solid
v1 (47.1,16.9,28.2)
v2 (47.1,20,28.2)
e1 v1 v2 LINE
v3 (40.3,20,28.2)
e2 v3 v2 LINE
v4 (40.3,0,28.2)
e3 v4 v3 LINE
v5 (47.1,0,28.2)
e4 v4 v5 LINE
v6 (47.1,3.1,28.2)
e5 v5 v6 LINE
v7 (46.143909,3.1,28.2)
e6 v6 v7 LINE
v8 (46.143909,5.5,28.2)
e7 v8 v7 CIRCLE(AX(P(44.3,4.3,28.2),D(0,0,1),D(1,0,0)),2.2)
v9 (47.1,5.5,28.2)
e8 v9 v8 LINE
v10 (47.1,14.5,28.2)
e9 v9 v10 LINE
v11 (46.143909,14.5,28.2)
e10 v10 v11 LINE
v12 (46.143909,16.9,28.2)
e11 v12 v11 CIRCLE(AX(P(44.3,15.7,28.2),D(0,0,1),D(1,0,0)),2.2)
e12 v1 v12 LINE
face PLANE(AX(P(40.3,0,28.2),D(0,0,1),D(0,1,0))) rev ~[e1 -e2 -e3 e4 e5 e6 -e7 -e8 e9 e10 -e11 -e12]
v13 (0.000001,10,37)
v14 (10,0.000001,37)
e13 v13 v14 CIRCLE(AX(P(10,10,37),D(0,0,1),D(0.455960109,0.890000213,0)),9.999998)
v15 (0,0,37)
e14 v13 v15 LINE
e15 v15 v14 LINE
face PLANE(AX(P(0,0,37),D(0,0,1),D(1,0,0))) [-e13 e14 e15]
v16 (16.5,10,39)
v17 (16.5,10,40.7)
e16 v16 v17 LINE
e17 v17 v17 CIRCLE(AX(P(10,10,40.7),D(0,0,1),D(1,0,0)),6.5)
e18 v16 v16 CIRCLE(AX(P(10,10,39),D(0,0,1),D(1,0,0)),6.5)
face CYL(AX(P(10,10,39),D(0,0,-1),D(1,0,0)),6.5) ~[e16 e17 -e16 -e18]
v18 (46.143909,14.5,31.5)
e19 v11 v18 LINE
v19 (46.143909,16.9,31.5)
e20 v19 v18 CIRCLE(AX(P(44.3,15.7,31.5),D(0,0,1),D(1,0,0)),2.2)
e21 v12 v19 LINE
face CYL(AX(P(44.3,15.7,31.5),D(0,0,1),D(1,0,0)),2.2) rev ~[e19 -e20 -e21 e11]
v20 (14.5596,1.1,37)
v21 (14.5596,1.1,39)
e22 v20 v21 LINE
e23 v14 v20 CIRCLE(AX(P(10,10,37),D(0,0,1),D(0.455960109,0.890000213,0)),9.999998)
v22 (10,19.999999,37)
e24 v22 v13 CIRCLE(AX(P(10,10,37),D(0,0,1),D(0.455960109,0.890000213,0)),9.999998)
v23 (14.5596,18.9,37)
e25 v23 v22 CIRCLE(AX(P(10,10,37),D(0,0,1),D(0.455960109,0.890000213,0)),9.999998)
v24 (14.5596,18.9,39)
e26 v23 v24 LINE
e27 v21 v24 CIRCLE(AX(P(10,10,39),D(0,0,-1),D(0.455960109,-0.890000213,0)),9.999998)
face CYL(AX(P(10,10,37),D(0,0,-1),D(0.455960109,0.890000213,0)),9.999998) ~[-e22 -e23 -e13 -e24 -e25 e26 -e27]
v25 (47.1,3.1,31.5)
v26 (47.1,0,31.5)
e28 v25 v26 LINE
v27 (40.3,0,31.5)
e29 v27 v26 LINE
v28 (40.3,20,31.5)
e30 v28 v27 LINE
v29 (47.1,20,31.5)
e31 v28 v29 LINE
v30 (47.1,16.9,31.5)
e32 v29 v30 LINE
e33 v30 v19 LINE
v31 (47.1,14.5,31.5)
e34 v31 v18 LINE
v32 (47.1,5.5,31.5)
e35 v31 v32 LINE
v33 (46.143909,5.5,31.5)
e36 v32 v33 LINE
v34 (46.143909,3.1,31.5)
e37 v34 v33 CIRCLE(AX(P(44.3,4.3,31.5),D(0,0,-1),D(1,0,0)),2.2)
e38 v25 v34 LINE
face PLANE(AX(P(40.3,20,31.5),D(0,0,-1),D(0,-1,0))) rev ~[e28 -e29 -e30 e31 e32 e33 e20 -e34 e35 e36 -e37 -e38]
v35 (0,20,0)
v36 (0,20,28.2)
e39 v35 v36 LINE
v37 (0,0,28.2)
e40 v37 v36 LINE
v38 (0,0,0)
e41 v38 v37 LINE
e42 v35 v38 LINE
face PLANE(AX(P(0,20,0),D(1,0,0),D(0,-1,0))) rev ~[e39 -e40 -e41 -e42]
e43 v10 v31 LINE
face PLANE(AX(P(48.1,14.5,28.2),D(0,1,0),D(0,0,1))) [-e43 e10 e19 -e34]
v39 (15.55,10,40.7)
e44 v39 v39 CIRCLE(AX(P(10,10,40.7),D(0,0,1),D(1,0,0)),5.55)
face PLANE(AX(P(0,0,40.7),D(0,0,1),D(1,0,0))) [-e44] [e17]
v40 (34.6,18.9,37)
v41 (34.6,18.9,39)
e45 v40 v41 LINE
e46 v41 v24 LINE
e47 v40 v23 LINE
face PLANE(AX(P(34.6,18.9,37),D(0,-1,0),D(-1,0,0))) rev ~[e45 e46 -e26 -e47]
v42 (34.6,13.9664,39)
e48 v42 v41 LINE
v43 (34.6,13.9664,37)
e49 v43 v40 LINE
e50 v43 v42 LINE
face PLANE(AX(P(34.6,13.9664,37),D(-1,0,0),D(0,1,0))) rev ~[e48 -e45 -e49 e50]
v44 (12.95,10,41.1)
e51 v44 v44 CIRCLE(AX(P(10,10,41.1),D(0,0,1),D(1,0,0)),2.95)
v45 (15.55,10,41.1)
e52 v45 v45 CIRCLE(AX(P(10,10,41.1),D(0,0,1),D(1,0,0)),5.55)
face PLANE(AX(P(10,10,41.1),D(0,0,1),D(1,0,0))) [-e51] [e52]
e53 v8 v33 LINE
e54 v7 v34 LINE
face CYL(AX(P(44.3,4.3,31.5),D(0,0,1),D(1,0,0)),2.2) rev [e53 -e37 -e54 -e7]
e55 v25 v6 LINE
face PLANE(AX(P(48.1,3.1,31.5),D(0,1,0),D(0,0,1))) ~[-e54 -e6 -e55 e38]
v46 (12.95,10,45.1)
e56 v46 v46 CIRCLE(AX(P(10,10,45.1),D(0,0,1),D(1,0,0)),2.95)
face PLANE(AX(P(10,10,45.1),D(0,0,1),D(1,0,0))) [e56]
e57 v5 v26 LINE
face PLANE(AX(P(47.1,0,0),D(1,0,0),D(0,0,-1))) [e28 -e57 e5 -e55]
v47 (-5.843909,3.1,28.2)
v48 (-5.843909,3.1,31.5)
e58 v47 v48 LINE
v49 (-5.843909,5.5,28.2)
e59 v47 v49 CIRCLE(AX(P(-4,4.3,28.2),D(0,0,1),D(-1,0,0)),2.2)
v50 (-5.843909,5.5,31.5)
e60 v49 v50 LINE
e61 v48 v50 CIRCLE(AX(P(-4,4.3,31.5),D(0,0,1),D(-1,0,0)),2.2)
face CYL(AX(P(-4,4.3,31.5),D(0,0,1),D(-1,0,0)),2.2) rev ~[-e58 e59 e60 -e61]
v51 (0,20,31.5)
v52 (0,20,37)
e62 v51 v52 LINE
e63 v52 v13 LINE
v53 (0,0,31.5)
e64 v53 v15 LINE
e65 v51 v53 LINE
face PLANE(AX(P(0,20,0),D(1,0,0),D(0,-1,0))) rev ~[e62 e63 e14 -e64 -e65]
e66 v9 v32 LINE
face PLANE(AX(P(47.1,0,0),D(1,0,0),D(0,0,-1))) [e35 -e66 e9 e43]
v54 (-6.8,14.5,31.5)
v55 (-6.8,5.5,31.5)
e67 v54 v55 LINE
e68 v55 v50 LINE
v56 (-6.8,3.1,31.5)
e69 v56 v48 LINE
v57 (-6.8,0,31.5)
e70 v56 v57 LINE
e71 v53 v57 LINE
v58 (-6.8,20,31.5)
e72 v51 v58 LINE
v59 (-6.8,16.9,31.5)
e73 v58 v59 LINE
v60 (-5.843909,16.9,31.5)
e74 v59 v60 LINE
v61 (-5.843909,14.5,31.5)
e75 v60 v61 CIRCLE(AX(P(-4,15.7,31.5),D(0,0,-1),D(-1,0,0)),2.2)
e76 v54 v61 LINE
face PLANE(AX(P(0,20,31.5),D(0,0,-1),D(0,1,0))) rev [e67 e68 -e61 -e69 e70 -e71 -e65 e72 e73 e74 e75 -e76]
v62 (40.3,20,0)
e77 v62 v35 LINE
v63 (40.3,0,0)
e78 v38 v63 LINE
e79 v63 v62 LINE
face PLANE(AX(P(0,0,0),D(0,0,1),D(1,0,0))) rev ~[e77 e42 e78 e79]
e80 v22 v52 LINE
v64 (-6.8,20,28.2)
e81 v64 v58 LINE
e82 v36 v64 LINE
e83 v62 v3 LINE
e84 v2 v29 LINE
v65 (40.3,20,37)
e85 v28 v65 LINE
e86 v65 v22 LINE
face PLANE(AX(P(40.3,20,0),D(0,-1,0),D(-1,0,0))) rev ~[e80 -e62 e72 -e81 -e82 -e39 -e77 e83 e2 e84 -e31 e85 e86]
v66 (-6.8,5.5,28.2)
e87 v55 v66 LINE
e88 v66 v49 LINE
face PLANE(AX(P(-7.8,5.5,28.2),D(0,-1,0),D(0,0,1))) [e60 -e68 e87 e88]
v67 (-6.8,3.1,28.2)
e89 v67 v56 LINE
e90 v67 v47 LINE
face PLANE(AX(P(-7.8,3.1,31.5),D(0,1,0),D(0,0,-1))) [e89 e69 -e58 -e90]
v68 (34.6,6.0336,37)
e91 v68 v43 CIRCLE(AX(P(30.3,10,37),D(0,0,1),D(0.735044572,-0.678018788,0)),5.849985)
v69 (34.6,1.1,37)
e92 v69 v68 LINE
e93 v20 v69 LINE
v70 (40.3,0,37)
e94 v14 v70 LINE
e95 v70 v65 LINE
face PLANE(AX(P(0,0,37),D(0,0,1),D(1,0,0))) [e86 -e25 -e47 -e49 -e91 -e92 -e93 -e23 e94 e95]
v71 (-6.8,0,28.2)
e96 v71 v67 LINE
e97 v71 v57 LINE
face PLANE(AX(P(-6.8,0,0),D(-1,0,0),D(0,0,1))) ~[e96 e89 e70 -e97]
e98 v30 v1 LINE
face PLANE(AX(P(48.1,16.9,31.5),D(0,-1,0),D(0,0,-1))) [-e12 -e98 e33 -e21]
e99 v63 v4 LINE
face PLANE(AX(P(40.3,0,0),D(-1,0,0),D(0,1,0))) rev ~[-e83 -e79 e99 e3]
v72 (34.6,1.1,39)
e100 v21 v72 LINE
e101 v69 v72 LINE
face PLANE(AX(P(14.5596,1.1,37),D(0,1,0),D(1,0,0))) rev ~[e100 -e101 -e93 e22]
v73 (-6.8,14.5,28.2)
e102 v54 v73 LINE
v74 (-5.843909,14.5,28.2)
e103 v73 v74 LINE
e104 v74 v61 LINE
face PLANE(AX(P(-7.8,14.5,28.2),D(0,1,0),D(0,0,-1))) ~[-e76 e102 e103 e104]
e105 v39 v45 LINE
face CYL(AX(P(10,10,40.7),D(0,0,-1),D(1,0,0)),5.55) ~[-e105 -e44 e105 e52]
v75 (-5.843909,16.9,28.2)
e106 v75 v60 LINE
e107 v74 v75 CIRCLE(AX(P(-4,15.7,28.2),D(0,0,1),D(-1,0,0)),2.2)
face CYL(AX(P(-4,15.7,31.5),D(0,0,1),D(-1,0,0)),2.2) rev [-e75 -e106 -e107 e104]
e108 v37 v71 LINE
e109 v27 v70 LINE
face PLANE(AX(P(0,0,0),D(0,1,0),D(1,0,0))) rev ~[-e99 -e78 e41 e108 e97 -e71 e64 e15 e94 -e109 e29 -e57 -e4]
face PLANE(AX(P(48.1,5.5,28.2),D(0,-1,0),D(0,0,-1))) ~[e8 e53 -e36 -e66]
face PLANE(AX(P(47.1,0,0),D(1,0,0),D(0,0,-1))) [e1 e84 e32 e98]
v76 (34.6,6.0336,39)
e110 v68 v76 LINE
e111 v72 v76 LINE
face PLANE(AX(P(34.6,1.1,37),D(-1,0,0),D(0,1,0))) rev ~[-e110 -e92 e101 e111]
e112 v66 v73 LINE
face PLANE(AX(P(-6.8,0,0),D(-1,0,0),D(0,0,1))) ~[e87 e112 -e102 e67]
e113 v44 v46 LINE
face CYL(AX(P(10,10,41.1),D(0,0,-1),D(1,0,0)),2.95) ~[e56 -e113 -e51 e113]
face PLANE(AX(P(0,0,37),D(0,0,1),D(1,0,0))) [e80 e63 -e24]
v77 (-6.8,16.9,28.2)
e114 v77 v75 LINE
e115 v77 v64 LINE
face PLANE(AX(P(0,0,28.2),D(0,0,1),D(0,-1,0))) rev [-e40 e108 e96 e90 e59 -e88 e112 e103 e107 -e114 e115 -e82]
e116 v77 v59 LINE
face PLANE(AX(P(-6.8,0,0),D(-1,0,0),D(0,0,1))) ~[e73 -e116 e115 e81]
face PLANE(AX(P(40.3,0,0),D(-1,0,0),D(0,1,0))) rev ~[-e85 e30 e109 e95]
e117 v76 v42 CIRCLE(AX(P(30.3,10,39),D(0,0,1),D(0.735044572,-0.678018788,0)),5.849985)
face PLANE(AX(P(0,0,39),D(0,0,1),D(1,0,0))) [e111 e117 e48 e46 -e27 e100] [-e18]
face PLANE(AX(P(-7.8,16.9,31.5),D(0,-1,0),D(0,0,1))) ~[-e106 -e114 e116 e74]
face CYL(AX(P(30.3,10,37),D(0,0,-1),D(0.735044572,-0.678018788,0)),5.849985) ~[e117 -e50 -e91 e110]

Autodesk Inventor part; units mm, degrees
sketch "Sketch1" plane through (0, 0, 0) normal (0, 0, 1) x (1, 0, 0)
  line L0 (0, 0) -> (40.3, 0)
  line L1 (40.3, 0) -> (40.3, 20)
  line L2 (40.3, 20) -> (0, 20)
  line L3 (0, 20) -> (0, 0)
  dimension "d0" = 40.3
  dimension "d1" = 20
extrude "Extrusion1" add sketch "Sketch1" along normal blind 37
sketch "Sketch2" plane through (40.3, 0, 0) normal (1, 0, 0) x (0, 0, -1)
  line L0 (0, 20) -> (-37, 20) projected
  line L1 (-37, 0) -> (-37, 20) projected
  line L2 (0, 0) -> (-37, 0) projected
  line L3 (-31.5, 0) -> (-28.2, 0)
  line L4 (-28.2, 0) -> (-28.2, 20)
  line L5 (-28.2, 20) -> (-31.5, 20)
  line L6 (-31.5, 20) -> (-31.5, 0)
  dimension "d4" = 3.3
  dimension "d5" = 5.5
extrude "Extrusion2" add sketch "Sketch2" along normal blind 6.8 contours L4 L2 L6 L0
sketch "Sketch3" plane through (40.3, 0, 31.5) normal (0, 0, 1) x (1, 0, 0)
  line L0 (6.8, 20) -> (6.8, 0) projected
  line L1 (0, 20) -> (6.8, 20) projected
  circle A0 centre (4, 15.7) radius 2.2
  point P0 (-40.3, 0)
  dimension "d8" = 4.4
  dimension "d9" = 2.8
  dimension "d10" = 4.3
extrude "Extrusion3" cut sketch "Sketch3" against normal through all
ref_plane "Work Plane2" through (48.1, 0, 0) normal (1, 0, 0) x (0, 0, -1)
sketch "Sketch7" plane through (48.1, 0, 0) normal (1, 0, 0) x (0, 0, -1)
  line L0 (-31.5, 16.9) -> (-28.2, 16.9) projected
  line L1 (-28.2, 14.5) -> (-31.5, 14.5) projected
  line L2 (-31.5, 16.9) -> (-28.2, 16.9)
  line L3 (-28.2, 16.9) -> (-28.2, 14.5)
  line L4 (-28.2, 14.5) -> (-31.5, 14.5)
  line L5 (-31.5, 14.5) -> (-31.5, 16.9)
  point P0 (0, 0)
extrude "Extrusion5" cut sketch "Sketch7" against normal blind 3
ref_plane "Work Plane3" through (0, 10, 0) normal (0, 1, 0) x (-1, 0, 0)
mirror "Mirror1" about plane through (0, 10, 0) normal (0, 1, 0) of "Extrusion3", "Extrusion5"
ref_plane "Work Plane4" through (20.15, 0, 0) normal (1, 0, 0) x (0, 1, 0)
mirror "Mirror2" about plane through (20.15, 0, 0) normal (1, 0, 0) of "Extrusion2", "Extrusion3", "Extrusion5", "Mirror1"
sketch "Sketch8" plane through (0, 0, 37) normal (0, 0, 1) x (1, 0, 0)
  line L0 (40.3, 0) -> (40.3, 20) projected
  line L1 (40.3, 20) -> (0, 20) projected
  line L2 (0, 20) -> (0, 0) projected
  line L3 (34.6, 18.9) -> (14.5596, 18.9)
  line L4 (14.5596, 1.1) -> (34.6, 1.1)
  arc A0 (14.5596, 18.9) -> (14.5596, 1.1) centre (10, 10) ccw
  arc A1 (34.6, 6.0336) -> (34.6, 13.9664) centre (30.3, 10) ccw
  line L5 (34.6, 1.1) -> (34.6, 6.0336)
  line L6 (34.6, 13.9664) -> (34.6, 18.9)
  dimension "d27" = 1.1
  dimension "d29" = 20
  dimension "d30" = 10
  dimension "d31" = 11.7
  dimension "d32" = 10
extrude "Extrusion6" add sketch "Sketch8" along normal blind 2 contours A0 L3 L6 A1 L5 L4
sketch "Sketch9" plane through (0, 0, 39) normal (0, 0, 1) x (1, 0, 0)
  arc A0 (14.5596, 18.9) -> (14.5596, 1.1) centre (10, 10) ccw projected
  circle A1 centre (10, 10) radius 6.5
  point P0 (0, 0)
  dimension "d35" = 13
extrude "Extrusion7" add sketch "Sketch9" along normal blind 1.7
sketch "Sketch10" plane through (10, 10, 40.7) normal (0, 0, 1) x (1, 0, 0)
  circle A0 centre (0, 0) radius 6.5 projected
  circle A1 centre (0, 0) radius 5.55
  point P0 (-10, -10)
  dimension "d38" = 11.1
extrude "Extrusion8" add sketch "Sketch10" along normal blind 0.4 contours A1
sketch "Sketch11" plane through (10, 10, 41.1) normal (0, 0, 1) x (1, 0, 0)
  circle A0 centre (0, 0) radius 5.55 projected
  circle A1 centre (0, 0) radius 2.95
  point P0 (-10, -10)
  dimension "d41" = 5.9
extrude "Extrusion9" add sketch "Sketch11" along normal blind 4 contours A1
ref_plane "ConstraintPlane" through (10, 0, 0) normal (1, 0, 0) x (0, 1, 0)
properties part number "MG996RServo"
